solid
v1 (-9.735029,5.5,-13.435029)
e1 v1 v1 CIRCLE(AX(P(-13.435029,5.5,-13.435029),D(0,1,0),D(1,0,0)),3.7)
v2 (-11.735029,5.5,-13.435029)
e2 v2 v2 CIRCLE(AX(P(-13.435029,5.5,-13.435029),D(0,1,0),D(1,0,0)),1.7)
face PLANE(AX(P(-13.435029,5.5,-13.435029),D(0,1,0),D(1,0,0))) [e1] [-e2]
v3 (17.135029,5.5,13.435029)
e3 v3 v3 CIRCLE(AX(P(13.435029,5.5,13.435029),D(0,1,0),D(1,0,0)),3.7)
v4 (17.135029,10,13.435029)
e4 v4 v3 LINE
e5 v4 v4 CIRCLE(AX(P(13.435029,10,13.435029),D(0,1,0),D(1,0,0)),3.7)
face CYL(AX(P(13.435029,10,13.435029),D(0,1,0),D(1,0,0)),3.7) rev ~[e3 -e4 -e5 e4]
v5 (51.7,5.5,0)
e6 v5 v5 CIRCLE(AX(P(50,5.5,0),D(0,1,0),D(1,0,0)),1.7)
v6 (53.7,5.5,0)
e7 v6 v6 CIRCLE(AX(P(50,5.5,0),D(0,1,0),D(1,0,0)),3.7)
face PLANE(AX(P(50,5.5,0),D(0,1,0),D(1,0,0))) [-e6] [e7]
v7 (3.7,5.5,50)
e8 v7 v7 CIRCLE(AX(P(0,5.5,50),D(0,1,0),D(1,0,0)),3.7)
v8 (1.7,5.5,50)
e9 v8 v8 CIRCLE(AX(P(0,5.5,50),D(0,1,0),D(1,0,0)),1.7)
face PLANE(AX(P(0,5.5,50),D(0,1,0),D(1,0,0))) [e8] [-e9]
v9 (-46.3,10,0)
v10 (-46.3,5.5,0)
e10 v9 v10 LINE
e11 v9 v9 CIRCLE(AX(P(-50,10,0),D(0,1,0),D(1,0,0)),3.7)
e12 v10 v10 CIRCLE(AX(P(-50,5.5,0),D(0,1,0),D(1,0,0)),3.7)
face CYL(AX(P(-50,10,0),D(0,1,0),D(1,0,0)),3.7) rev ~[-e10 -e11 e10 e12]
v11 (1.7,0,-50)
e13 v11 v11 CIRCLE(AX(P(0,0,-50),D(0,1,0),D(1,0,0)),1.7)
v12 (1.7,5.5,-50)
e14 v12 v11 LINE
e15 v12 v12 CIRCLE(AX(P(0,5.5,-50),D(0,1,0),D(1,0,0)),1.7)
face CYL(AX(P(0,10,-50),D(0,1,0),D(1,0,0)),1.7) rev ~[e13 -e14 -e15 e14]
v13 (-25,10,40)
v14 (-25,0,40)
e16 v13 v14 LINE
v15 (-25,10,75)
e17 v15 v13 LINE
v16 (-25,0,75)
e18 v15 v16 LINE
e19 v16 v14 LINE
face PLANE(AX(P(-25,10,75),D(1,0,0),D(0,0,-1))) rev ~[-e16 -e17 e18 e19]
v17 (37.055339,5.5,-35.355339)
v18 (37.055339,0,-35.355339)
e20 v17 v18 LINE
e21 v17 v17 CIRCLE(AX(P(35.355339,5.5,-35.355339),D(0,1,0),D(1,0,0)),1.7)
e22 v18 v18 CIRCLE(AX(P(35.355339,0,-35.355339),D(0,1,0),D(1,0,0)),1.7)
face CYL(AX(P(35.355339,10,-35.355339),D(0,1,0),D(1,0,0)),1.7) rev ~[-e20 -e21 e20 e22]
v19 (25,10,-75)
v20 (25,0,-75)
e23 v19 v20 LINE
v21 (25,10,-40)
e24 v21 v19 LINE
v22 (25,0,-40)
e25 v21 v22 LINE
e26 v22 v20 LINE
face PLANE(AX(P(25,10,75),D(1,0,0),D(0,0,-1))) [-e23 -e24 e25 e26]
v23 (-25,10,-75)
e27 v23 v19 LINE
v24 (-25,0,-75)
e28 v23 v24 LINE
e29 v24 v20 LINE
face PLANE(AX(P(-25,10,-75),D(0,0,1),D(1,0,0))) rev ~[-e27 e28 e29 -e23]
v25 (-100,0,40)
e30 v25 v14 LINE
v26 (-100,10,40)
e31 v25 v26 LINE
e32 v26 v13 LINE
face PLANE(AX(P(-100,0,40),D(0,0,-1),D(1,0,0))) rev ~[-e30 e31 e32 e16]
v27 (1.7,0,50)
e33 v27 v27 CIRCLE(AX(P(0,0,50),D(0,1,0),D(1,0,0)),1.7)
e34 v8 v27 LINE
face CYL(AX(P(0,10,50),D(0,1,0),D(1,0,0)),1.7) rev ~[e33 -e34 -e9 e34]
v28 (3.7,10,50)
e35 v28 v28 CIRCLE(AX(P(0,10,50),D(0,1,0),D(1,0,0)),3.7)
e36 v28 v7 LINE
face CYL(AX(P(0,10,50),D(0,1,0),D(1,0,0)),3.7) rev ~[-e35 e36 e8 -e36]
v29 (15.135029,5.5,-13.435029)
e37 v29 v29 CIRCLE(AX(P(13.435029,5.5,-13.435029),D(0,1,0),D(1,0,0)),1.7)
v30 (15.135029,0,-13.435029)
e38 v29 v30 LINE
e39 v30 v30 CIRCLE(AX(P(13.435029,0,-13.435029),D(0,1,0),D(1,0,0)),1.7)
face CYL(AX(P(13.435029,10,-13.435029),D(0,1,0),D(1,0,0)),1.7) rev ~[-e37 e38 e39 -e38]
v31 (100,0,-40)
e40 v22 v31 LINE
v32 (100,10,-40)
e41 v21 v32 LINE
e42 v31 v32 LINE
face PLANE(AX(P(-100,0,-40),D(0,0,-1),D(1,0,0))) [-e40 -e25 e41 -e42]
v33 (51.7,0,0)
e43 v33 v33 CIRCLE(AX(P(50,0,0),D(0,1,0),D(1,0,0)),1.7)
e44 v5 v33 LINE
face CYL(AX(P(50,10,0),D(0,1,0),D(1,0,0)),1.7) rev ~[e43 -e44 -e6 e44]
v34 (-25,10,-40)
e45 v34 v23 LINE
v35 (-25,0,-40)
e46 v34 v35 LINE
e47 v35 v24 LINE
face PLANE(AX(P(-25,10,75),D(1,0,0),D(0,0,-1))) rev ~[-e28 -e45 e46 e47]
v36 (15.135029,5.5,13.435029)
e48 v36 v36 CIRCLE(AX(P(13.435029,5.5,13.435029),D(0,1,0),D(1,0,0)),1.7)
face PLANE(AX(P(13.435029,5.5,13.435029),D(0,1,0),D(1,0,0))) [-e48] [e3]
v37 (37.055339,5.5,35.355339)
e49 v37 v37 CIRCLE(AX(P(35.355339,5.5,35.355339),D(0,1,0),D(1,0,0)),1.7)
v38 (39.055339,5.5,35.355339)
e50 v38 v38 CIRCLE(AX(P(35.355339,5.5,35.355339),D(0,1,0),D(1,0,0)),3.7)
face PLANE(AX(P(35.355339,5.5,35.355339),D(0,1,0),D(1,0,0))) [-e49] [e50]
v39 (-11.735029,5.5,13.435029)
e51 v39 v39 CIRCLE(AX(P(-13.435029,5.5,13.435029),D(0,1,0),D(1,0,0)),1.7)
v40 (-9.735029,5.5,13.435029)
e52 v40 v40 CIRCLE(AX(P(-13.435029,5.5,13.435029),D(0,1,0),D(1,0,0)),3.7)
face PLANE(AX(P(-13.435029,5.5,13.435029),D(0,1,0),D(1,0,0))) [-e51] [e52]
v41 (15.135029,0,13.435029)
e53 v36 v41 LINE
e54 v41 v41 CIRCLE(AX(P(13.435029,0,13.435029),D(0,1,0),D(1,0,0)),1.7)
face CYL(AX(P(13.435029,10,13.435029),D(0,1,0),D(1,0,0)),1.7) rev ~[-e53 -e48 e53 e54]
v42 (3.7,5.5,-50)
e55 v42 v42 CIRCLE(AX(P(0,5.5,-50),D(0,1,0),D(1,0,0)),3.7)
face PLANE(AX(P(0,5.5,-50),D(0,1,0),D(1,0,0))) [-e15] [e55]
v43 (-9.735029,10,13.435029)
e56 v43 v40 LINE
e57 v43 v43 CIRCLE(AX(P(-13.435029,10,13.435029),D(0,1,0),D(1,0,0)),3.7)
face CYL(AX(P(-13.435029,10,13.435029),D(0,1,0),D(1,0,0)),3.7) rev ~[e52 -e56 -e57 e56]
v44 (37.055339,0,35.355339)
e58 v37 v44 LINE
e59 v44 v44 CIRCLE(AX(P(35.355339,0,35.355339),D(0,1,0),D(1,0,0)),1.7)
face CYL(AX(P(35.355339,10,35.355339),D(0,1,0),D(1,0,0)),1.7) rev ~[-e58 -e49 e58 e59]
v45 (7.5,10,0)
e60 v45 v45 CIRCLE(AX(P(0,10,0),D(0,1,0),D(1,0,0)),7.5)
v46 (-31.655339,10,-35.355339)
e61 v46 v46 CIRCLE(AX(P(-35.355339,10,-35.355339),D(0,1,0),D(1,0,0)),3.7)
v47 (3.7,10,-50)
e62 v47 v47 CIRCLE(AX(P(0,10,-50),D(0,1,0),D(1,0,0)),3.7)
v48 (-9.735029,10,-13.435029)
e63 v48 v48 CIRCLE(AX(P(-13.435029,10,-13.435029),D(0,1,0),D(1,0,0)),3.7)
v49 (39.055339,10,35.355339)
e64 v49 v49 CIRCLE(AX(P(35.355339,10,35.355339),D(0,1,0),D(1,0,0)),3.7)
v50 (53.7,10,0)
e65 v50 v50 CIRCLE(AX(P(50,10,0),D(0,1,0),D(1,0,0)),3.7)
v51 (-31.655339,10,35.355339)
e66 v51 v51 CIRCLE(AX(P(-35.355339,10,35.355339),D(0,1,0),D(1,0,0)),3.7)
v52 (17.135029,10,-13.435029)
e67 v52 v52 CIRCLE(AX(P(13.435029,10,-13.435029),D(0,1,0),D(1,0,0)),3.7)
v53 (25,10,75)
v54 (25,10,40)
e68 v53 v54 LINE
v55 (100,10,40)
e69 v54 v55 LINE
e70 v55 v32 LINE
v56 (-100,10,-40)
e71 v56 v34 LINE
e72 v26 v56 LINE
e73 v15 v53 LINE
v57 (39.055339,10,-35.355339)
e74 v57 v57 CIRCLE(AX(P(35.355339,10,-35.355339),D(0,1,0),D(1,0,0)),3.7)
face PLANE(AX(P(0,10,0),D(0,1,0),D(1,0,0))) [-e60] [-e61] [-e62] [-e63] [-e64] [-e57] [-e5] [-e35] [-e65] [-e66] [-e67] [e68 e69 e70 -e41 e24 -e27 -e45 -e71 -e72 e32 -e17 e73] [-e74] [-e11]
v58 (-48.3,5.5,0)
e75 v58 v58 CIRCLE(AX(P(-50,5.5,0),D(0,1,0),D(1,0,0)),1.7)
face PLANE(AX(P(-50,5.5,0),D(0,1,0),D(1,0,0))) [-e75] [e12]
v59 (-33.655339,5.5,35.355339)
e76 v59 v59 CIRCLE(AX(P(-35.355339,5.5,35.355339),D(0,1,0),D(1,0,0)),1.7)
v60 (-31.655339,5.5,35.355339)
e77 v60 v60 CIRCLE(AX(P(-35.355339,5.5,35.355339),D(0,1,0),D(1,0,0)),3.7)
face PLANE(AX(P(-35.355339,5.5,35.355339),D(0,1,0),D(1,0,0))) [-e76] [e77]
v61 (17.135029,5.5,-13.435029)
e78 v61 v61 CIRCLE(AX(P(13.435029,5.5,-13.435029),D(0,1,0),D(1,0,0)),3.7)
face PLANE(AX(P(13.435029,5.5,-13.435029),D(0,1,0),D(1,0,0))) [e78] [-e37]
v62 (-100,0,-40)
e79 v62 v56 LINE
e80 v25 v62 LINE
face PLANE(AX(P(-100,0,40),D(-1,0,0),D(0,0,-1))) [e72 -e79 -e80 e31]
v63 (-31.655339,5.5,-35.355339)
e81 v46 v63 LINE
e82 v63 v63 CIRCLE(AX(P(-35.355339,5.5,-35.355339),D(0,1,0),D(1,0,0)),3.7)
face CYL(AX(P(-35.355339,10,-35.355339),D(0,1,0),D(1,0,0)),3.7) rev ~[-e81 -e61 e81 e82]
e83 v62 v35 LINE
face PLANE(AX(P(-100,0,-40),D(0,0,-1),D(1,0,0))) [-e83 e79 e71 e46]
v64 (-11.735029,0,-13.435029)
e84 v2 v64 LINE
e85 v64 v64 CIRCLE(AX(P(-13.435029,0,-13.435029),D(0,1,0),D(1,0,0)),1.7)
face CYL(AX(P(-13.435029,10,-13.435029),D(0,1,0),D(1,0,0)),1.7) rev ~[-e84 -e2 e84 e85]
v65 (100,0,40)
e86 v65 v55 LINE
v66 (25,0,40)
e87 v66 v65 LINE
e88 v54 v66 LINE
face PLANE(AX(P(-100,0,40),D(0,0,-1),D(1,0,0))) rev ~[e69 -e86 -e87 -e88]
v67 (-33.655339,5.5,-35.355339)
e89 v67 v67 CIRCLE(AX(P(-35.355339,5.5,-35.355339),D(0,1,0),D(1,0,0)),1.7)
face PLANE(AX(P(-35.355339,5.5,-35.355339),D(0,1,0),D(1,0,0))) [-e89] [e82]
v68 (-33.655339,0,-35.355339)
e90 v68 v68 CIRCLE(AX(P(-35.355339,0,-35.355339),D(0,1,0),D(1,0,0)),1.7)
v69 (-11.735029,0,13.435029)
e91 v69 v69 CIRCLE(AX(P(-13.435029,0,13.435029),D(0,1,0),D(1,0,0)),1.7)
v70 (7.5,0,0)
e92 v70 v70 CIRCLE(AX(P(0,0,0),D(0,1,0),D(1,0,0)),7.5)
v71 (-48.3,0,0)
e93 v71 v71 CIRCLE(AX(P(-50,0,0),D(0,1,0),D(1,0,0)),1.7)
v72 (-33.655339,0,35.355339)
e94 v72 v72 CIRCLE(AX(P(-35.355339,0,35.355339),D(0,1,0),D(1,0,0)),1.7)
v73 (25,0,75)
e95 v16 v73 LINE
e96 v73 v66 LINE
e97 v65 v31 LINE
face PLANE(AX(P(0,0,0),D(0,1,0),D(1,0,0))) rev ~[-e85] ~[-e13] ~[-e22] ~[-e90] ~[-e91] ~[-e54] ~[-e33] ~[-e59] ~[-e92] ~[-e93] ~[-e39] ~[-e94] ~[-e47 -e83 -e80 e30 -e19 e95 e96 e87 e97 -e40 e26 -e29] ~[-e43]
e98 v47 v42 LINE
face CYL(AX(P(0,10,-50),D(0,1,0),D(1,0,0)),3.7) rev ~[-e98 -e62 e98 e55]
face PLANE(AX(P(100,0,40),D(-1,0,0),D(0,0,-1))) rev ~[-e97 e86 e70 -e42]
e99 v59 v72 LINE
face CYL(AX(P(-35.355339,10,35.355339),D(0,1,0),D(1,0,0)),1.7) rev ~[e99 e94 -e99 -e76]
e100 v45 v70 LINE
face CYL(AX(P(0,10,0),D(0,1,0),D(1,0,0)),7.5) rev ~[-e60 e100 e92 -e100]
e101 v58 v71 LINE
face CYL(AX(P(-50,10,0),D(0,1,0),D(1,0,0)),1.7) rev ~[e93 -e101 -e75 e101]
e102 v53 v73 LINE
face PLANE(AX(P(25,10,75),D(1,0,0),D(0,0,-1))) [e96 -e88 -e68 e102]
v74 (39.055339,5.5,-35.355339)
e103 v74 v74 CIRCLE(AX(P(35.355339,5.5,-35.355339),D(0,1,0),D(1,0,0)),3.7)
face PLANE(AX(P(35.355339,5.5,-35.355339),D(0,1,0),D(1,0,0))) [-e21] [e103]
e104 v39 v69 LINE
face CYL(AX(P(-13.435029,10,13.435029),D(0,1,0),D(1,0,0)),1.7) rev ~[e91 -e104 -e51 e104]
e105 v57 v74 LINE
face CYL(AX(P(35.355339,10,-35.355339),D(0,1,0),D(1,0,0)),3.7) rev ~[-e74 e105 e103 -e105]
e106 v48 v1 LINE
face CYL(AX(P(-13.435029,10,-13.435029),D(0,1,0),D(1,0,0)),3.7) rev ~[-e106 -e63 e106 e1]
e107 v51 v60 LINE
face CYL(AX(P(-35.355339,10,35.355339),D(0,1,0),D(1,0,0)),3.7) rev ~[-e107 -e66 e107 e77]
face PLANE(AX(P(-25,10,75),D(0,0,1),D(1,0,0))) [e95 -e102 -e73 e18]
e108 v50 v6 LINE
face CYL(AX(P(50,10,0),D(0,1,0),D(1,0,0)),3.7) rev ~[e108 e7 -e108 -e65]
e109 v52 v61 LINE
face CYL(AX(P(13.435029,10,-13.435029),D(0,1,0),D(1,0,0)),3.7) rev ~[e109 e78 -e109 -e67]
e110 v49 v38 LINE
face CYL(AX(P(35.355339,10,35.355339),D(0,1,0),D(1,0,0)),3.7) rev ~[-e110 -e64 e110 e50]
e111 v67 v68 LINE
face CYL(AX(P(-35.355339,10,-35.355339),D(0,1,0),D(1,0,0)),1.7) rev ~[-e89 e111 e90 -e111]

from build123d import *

# Parameters (mm, degrees)
SKETCH_1_W          = 200
SKETCH_1_H          = 80
EXTRUDE_1_DEPTH     = 10
SKETCH_3_W          = 50
SKETCH_3_H          = 150
EXTRUDE_2_DEPTH     = 10
SKETCH_5_R          = 1.7
SKETCH_5_R_2        = 7.5
CUT_EXTRUDE_3_DEPTH = 10
SKETCH_6_R          = 1.7
CUT_EXTRUDE_4_DEPTH = 10
SKETCH_7_R          = 3.7
CUT_EXTRUDE_5_DEPTH = 4.5


with BuildPart() as part:
    # 草图1 → 凸台-拉伸1 (new body)
    with BuildSketch(Plane(origin=(0, 0, 0), x_dir=(1, 0, 0), z_dir=(0, 1, 0))):
        Rectangle(SKETCH_1_W, SKETCH_1_H)
    extrude(amount=EXTRUDE_1_DEPTH)

    # 草图3 → 凸台-拉伸2 (add)
    with BuildSketch(Plane(origin=(0, 10, 0), x_dir=(1, 0, 0), z_dir=(0, 1, 0))):
        Rectangle(SKETCH_3_W, SKETCH_3_H)
    extrude(amount=-EXTRUDE_2_DEPTH)

    # 草图5 → 切除-拉伸3 (cut)
    with BuildSketch(Plane(origin=(0, 10, 0), x_dir=(1, 0, 0), z_dir=(0, 1, 0))):
        with Locations((13.435028843, 13.435028843)):
            Circle(SKETCH_5_R)
        with Locations((13.435028843, -13.435028843)):
            Circle(SKETCH_5_R)
        with Locations((-13.435028843, -13.435028843)):
            Circle(SKETCH_5_R)
        with Locations((-13.435028843, 13.435028843)):
            Circle(SKETCH_5_R)
        Circle(SKETCH_5_R_2)
    extrude(amount=-CUT_EXTRUDE_3_DEPTH, mode=Mode.SUBTRACT)

    # 草图6 → 切除-拉伸4 (cut)
    with BuildSketch(Plane(origin=(0, 10, 0), x_dir=(1, 0, 0), z_dir=(0, 1, 0))):
        with Locations((0, 50)):
            Circle(SKETCH_6_R)
        with Locations((35.355339059, 35.355339059)):
            Circle(SKETCH_6_R)
        with Locations((50, 0)):
            Circle(SKETCH_6_R)
        with Locations((35.355339059, -35.355339059)):
            Circle(SKETCH_6_R)
        with Locations((0, -50)):
            Circle(SKETCH_6_R)
        with Locations((-35.355339059, -35.355339059)):
            Circle(SKETCH_6_R)
        with Locations((-50, 0)):
            Circle(SKETCH_6_R)
        with Locations((-35.355339059, 35.355339059)):
            Circle(SKETCH_6_R)
    extrude(amount=-CUT_EXTRUDE_4_DEPTH, mode=Mode.SUBTRACT)

    # 草图7 → 切除-拉伸5 (cut)
    with BuildSketch(Plane(origin=(0, 10, 0), x_dir=(1, 0, 0), z_dir=(0, 1, 0))):
        with Locations((0, 50)):
            Circle(SKETCH_7_R)
        with Locations((13.435028843, 13.435028843)):
            Circle(SKETCH_7_R)
        with Locations((35.355339059, 35.355339059)):
            Circle(SKETCH_7_R)
        with Locations((50, 0)):
            Circle(SKETCH_7_R)
        with Locations((35.355339059, -35.355339059)):
            Circle(SKETCH_7_R)
        with Locations((0, -50)):
            Circle(SKETCH_7_R)
        with Locations((-35.355339059, -35.355339059)):
            Circle(SKETCH_7_R)
        with Locations((-50, 0)):
            Circle(SKETCH_7_R)
        with Locations((-35.355339059, 35.355339059)):
            Circle(SKETCH_7_R)
        with Locations((13.435028843, -13.435028843)):
            Circle(SKETCH_7_R)
        with Locations((-13.435028843, -13.435028843)):
            Circle(SKETCH_7_R)
        with Locations((-13.435028843, 13.435028843)):
            Circle(SKETCH_7_R)
    extrude(amount=-CUT_EXTRUDE_5_DEPTH, mode=Mode.SUBTRACT)


solid = part.part
